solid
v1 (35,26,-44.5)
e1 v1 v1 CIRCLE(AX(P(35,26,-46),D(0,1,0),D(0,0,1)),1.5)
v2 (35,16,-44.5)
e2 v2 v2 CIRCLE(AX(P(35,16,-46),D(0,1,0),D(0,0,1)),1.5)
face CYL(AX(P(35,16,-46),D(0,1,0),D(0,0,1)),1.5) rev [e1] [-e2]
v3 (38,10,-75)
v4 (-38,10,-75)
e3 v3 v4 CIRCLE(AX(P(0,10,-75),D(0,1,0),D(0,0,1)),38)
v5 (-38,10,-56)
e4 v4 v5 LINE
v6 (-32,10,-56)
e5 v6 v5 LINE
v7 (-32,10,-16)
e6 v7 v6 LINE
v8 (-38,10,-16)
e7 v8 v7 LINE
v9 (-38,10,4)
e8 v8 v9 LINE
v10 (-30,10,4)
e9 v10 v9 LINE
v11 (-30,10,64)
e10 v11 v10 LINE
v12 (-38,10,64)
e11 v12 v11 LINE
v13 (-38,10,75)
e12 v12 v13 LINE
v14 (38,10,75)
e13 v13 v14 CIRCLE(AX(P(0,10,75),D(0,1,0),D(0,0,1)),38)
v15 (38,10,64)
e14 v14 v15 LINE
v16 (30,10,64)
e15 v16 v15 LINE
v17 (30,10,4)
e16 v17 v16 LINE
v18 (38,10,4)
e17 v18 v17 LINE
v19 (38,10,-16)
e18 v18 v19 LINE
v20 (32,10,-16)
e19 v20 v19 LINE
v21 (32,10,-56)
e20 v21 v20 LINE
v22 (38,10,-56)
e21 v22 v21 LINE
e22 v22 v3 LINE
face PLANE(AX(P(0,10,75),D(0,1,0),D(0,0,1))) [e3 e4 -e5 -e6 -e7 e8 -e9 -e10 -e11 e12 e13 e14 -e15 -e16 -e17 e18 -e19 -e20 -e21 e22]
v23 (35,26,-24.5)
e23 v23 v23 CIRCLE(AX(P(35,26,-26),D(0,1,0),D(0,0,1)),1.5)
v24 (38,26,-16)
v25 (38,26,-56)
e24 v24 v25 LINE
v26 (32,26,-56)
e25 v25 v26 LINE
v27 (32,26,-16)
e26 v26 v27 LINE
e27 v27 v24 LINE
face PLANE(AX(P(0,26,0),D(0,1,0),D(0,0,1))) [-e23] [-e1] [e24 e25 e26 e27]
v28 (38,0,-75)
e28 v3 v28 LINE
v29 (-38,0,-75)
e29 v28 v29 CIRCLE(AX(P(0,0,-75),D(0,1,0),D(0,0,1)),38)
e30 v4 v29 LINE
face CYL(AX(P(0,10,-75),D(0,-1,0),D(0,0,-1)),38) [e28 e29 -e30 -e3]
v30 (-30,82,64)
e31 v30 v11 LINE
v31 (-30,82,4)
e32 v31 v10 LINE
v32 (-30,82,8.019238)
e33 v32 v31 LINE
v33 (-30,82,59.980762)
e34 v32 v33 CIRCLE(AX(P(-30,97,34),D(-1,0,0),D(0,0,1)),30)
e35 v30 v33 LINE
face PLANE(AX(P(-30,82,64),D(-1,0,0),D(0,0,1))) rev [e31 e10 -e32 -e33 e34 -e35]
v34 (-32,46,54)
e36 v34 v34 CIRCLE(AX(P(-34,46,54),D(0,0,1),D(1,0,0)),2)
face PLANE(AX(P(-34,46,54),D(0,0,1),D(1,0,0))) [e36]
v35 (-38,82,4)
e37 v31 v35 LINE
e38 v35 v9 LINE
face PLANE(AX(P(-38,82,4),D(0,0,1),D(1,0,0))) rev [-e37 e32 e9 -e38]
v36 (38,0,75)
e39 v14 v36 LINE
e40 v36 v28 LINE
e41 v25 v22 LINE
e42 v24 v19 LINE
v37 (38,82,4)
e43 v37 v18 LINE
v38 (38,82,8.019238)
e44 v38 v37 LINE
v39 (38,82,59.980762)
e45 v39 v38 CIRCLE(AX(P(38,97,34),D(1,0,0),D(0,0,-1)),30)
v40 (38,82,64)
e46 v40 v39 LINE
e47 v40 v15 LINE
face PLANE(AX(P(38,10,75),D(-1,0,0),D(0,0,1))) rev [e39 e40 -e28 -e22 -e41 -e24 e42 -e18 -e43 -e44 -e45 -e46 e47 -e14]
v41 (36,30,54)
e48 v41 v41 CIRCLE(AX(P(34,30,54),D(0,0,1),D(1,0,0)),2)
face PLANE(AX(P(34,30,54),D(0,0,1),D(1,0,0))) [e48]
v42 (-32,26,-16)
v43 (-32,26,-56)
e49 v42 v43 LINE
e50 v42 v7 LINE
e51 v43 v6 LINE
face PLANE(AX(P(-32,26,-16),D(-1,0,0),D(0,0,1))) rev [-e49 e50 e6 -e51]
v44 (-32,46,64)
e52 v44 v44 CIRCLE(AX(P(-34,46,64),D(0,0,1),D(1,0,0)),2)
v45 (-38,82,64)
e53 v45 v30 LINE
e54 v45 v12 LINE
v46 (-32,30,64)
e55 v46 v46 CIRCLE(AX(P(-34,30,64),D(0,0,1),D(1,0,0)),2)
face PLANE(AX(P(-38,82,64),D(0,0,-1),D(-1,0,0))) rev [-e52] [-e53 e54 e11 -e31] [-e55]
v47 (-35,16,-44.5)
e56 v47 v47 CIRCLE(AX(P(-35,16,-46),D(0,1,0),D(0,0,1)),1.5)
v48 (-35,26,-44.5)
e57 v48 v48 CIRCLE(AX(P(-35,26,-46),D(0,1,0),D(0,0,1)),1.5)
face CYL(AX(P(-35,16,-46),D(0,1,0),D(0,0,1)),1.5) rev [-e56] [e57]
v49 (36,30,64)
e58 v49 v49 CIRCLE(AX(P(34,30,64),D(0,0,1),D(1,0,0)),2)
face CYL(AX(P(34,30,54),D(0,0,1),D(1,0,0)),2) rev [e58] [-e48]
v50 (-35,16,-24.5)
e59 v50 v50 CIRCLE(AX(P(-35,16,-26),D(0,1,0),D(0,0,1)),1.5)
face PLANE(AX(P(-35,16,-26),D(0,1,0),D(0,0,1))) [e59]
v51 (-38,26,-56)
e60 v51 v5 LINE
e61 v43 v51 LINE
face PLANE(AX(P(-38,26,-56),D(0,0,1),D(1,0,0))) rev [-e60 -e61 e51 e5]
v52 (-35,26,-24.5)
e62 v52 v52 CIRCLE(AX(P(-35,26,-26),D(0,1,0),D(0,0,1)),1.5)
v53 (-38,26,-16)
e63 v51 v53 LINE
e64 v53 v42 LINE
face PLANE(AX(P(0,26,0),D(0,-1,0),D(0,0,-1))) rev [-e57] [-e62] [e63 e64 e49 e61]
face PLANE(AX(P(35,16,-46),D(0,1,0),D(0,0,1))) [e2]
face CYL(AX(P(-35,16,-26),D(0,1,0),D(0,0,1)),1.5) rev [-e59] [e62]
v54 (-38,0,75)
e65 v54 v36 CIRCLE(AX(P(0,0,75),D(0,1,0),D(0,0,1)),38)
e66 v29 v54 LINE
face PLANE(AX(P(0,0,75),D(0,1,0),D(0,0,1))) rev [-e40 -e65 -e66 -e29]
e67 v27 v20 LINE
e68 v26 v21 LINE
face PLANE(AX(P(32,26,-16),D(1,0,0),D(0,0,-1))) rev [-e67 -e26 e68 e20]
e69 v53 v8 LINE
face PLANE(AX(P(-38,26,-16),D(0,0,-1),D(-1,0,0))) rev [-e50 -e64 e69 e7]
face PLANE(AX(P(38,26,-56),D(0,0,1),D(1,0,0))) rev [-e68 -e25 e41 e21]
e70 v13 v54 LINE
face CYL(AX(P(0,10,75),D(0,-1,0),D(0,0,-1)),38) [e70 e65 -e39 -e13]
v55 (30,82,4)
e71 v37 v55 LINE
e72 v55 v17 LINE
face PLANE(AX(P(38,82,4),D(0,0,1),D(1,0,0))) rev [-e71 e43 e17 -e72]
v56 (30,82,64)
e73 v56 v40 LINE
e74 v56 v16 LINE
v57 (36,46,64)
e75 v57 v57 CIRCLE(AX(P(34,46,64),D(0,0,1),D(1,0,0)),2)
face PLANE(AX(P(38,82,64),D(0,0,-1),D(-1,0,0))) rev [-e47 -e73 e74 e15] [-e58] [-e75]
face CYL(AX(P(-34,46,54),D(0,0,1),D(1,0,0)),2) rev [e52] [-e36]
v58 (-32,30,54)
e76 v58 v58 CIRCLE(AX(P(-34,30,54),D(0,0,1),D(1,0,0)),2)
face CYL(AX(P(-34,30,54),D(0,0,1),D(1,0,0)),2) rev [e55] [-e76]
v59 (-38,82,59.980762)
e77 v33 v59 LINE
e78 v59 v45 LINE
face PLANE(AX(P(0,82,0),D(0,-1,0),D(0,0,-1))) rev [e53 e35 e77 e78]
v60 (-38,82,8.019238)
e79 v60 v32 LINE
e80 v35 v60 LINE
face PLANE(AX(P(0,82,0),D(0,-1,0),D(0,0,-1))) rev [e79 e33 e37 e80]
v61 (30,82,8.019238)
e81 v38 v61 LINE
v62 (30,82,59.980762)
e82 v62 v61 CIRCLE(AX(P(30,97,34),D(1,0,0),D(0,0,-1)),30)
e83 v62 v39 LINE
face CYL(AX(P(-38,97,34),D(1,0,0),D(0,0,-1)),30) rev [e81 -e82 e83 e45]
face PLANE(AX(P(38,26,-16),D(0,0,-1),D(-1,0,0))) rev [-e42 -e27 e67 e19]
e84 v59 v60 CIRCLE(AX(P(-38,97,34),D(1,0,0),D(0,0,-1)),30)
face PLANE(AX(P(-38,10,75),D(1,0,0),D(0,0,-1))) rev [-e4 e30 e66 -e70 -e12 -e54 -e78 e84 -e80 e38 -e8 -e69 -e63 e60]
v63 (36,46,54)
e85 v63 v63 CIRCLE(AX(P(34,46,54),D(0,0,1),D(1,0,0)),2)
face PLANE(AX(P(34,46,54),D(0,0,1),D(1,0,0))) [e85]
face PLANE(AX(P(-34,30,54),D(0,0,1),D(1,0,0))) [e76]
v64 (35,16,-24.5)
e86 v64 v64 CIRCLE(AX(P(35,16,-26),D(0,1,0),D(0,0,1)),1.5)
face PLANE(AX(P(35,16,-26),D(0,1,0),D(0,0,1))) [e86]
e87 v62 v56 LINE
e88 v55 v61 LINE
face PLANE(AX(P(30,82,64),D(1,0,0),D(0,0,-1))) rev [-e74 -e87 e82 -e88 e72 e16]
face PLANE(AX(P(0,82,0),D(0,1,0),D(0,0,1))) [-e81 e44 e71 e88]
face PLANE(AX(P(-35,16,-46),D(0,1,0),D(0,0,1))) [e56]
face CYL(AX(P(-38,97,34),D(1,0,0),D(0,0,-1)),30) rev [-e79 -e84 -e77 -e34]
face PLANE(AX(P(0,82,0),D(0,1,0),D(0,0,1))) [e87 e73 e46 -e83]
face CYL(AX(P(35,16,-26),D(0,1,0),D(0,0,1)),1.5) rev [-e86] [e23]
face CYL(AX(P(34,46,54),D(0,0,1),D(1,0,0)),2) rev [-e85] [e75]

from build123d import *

# Parameters (mm, degrees)
EXTRUDE_1_DEPTH     = 10
SKETCH_3_W          = 8
SKETCH_3_H          = 60
EXTRUDE_2_DEPTH     = 72
SKETCH_4_W          = 6
SKETCH_4_H          = 40
EXTRUDE_3_DEPTH     = 16
SKETCH_5_R          = 30
CUT_EXTRUDE_1_DEPTH = 159.962259672
SKETCH_6_R          = 2
CUT_EXTRUDE_2_DEPTH = 10
SKETCH_7_R          = 1.5
CUT_EXTRUDE_3_DEPTH = 10


with BuildPart() as part:
    # 草图1 → 凸台-拉伸1 (new body)
    with BuildSketch(Plane(origin=(0, 0, 0), x_dir=(1, 0, 0), z_dir=(0, 1, 0))):
        with BuildLine():
            Line((-38, -75), (-38, 75))
            ThreePointArc((-38, 75), (0, 113), (38, 75))
            Line((38, 75), (38, -75))
            ThreePointArc((38, -75), (0, -113), (-38, -75))
        make_face()
    extrude(amount=EXTRUDE_1_DEPTH)

    # 草图3 → 凸台-拉伸2 (add)
    with BuildSketch(Plane(origin=(0, 10, 0), x_dir=(1, 0, 0), z_dir=(0, 1, 0))):
        with Locations((-34, -34)):
            Rectangle(SKETCH_3_W, SKETCH_3_H)
        with Locations((34, -34)):
            Rectangle(SKETCH_3_W, SKETCH_3_H)
    extrude(amount=EXTRUDE_2_DEPTH)

    # 草图4 → 凸台-拉伸3 (add)
    with BuildSketch(Plane(origin=(0, 10, 0), x_dir=(1, 0, 0), z_dir=(0, 1, 0))):
        with Locations((-35, 36)):
            Rectangle(SKETCH_4_W, SKETCH_4_H)
        with Locations((35, 36)):
            Rectangle(SKETCH_4_W, SKETCH_4_H)
    extrude(amount=EXTRUDE_3_DEPTH)

    # 草图5 → 切除-拉伸1 (cut, through all)
    with BuildSketch(Plane(origin=(38, 0, 0), x_dir=(0, 0, -1), z_dir=(1, 0, 0))):
        with Locations((-34, 97)):
            Circle(SKETCH_5_R)
    extrude(amount=-CUT_EXTRUDE_1_DEPTH, mode=Mode.SUBTRACT)

    # 草图6 → 切除-拉伸2 (cut)
    with BuildSketch(Plane.XY.offset(64)):
        with Locations((-34, 46)):
            Circle(SKETCH_6_R)
        with Locations((-34, 30)):
            Circle(SKETCH_6_R)
        with Locations((34, 46)):
            Circle(SKETCH_6_R)
        with Locations((34, 30)):
            Circle(SKETCH_6_R)
    extrude(amount=-CUT_EXTRUDE_2_DEPTH, mode=Mode.SUBTRACT)

    # 草图7 → 切除-拉伸3 (cut)
    with BuildSketch(Plane(origin=(0, 26, 0), x_dir=(1, 0, 0), z_dir=(0, 1, 0))):
        with Locations(Location((-35, 26, 0), (0, 0, 270))):
            Circle(SKETCH_7_R)
        with Locations(Location((-35, 46, 0), (0, 0, 270))):
            Circle(SKETCH_7_R)
        with Locations(Location((35, 26, 0), (0, 0, 270))):
            Circle(SKETCH_7_R)
        with Locations(Location((35, 46, 0), (0, 0, 270))):
            Circle(SKETCH_7_R)
    extrude(amount=-CUT_EXTRUDE_3_DEPTH, mode=Mode.SUBTRACT)


solid = part.part
